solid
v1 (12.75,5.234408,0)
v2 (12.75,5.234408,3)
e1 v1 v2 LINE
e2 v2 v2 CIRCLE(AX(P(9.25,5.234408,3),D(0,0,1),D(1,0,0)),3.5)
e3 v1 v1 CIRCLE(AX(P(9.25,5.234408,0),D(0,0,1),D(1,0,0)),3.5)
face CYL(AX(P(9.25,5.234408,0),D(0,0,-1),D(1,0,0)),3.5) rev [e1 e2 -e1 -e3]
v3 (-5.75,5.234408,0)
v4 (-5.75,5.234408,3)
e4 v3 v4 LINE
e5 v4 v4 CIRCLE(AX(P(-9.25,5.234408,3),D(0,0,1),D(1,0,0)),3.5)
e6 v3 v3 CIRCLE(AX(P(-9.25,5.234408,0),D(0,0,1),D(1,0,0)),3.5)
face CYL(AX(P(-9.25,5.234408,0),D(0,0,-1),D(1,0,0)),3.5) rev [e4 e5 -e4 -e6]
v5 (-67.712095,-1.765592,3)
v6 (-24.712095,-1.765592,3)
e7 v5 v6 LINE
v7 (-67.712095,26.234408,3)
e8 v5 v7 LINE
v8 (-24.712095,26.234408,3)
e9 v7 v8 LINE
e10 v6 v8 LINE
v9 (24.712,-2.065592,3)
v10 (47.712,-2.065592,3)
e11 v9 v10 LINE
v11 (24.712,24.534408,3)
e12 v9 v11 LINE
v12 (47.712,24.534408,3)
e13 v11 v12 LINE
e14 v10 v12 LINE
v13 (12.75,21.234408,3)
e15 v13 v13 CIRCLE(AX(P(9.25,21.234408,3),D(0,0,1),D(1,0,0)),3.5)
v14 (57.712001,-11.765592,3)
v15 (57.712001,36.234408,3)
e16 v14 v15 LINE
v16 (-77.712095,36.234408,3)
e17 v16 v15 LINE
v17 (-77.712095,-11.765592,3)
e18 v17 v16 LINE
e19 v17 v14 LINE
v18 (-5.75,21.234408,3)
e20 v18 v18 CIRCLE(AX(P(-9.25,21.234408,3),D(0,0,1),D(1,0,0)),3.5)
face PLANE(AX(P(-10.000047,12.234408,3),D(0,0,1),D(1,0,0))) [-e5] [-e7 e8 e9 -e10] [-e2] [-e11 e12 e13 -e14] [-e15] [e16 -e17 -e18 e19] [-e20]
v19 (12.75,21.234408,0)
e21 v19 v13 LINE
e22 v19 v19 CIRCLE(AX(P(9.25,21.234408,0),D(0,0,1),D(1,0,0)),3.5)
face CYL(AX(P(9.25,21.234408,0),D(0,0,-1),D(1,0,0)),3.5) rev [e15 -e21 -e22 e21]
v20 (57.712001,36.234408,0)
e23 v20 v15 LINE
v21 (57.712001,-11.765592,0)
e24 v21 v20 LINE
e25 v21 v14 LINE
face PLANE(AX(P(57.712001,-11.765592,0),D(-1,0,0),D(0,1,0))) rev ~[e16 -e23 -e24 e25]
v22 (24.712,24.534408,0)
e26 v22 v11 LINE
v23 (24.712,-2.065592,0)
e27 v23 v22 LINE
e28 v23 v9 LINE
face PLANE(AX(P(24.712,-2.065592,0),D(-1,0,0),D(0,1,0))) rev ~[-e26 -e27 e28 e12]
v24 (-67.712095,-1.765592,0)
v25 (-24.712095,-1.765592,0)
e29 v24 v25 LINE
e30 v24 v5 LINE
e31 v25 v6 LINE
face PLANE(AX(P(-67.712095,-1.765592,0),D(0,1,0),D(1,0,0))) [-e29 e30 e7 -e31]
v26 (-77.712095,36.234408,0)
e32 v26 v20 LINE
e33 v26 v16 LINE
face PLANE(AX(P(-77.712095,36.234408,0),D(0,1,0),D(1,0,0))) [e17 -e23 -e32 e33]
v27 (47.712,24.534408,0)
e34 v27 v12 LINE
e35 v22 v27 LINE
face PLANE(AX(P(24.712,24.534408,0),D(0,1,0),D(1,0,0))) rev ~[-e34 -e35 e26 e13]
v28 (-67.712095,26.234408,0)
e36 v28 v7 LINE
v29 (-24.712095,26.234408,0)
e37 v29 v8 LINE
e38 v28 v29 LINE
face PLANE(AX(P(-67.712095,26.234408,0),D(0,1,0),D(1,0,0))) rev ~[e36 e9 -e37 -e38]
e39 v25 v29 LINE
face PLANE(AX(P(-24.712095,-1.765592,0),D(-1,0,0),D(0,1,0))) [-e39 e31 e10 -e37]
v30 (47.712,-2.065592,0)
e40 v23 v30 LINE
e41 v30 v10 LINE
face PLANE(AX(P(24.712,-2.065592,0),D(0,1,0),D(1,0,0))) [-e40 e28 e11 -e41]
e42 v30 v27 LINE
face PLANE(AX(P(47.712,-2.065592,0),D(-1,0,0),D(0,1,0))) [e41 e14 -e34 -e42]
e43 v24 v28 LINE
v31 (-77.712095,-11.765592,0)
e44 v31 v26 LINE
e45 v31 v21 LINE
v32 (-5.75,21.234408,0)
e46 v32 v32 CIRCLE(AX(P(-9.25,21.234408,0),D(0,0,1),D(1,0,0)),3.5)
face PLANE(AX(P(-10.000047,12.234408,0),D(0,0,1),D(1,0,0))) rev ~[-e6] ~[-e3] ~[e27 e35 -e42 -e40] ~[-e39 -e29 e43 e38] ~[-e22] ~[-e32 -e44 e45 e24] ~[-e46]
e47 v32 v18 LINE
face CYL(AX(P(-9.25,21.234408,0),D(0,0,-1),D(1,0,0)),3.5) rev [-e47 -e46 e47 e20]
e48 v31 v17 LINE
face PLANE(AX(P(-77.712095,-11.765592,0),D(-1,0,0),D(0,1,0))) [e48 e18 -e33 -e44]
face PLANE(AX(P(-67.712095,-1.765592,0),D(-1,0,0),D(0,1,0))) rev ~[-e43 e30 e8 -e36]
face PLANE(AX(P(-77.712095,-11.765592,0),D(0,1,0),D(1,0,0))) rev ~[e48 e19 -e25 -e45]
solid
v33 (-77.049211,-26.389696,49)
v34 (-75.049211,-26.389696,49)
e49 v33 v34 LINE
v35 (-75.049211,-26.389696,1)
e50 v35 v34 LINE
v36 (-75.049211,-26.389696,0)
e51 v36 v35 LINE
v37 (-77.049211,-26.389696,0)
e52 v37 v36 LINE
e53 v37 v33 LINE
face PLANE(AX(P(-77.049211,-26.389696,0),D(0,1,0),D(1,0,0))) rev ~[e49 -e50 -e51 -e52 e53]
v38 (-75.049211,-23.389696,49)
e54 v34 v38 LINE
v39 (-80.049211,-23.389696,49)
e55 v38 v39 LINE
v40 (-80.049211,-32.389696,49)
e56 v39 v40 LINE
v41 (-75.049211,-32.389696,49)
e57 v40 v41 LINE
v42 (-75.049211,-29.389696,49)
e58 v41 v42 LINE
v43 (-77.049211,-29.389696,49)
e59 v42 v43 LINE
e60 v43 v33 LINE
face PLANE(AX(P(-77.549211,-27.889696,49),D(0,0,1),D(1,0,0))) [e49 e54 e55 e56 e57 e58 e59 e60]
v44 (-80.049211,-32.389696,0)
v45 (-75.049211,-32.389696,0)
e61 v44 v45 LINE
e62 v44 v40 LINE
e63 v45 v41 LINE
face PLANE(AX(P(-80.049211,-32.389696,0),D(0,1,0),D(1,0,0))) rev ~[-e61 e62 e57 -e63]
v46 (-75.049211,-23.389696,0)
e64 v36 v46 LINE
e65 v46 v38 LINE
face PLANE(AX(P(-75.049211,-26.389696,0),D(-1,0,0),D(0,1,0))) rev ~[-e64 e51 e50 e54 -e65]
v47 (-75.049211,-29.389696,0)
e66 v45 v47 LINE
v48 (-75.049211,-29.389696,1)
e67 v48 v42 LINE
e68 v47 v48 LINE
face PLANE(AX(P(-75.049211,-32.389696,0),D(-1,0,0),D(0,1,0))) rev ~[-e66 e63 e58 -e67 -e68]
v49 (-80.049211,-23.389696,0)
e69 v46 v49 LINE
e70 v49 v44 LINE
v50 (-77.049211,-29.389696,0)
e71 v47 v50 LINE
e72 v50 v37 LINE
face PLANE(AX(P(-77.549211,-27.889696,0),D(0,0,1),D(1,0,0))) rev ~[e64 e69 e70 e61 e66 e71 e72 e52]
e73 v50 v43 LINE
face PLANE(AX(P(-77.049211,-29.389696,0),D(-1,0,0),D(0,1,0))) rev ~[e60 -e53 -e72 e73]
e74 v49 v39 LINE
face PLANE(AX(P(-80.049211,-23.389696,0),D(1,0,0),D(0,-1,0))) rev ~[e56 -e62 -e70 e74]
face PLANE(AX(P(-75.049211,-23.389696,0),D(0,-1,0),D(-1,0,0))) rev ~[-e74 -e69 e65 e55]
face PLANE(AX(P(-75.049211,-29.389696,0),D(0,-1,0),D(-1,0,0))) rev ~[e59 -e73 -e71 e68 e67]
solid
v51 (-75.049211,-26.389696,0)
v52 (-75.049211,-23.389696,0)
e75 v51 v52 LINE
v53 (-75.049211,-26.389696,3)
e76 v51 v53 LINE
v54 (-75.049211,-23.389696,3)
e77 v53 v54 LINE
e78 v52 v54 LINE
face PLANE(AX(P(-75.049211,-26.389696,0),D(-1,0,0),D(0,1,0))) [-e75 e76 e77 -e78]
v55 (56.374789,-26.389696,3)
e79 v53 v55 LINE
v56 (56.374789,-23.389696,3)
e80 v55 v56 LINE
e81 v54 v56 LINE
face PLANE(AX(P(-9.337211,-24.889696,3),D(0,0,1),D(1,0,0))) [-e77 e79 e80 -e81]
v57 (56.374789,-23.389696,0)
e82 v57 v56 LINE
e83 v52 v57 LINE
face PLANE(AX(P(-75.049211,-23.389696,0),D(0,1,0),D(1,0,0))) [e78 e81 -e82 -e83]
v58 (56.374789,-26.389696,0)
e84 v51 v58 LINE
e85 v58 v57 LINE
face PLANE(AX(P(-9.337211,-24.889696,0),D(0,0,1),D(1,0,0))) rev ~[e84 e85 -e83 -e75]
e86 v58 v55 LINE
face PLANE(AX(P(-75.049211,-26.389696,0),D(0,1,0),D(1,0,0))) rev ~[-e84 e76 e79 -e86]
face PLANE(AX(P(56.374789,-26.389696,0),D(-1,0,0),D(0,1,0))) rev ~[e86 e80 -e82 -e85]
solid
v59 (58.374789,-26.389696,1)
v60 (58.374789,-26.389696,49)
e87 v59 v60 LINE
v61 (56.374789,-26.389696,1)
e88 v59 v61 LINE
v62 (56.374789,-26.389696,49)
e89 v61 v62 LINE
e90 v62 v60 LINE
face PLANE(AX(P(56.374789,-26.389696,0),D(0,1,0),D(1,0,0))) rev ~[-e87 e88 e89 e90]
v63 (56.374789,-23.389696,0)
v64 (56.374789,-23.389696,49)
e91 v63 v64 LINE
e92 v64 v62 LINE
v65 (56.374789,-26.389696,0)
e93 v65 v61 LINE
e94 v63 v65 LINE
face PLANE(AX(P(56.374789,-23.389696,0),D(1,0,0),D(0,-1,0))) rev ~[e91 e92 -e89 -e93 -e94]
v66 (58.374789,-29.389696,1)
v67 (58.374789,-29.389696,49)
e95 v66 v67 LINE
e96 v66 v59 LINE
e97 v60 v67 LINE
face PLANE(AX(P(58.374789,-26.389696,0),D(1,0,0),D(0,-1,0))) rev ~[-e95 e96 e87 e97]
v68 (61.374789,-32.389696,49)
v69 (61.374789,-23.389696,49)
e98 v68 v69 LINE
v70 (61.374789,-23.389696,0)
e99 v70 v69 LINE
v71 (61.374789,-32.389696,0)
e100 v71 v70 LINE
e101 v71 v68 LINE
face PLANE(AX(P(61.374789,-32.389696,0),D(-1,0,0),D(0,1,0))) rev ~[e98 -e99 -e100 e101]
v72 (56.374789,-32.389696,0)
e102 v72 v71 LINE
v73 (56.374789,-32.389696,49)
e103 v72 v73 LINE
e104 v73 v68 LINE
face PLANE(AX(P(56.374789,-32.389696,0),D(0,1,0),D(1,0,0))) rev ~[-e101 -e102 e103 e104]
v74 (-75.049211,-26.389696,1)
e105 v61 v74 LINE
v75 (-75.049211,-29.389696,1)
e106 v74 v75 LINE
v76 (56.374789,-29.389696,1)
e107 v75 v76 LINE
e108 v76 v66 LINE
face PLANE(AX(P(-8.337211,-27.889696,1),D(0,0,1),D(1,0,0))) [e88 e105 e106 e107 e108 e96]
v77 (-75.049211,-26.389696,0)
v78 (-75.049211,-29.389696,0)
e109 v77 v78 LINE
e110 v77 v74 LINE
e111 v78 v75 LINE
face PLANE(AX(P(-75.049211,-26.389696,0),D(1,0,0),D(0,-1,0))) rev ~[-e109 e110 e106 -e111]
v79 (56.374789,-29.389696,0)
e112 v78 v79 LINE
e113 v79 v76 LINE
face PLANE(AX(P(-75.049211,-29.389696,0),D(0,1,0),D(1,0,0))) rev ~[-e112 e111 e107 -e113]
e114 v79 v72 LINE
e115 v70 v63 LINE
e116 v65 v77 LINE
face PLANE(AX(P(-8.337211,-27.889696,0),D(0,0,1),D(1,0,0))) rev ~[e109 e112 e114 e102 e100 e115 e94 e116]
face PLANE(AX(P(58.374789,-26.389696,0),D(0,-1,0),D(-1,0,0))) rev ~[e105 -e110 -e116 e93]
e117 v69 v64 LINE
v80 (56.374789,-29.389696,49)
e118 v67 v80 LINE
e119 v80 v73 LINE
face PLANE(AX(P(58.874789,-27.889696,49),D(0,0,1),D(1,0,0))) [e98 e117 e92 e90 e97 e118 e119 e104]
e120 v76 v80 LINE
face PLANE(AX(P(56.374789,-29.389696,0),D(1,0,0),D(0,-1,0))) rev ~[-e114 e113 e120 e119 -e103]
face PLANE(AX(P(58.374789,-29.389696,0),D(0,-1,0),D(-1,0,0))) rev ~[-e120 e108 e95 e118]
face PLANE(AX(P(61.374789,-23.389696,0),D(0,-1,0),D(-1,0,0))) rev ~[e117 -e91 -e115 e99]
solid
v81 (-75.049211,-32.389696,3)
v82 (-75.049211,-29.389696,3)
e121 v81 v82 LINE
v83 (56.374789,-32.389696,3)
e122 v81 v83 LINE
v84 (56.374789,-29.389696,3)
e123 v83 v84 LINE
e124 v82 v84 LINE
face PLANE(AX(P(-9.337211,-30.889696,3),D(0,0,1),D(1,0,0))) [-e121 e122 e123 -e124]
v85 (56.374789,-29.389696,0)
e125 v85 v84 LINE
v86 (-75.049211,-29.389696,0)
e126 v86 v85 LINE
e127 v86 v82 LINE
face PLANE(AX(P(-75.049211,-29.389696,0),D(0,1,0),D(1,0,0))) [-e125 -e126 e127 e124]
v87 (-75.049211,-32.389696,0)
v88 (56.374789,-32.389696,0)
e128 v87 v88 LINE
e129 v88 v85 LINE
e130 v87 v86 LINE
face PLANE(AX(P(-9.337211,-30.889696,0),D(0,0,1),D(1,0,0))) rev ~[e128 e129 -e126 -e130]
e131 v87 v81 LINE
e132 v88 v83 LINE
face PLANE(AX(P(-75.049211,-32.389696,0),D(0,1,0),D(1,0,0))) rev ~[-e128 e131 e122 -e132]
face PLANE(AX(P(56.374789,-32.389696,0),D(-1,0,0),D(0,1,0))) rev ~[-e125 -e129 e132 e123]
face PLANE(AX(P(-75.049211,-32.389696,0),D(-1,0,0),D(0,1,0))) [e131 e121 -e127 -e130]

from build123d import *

# Parameters (mm, degrees)
F0_W     = 135.424095
F0_H     = 48
F0_W_2   = 43
F0_H_2   = 28
F0_R     = 3.5
F0_W_3   = 23
F0_H_3   = 26.6
F1_DEPTH = 3
F2_DEPTH = 49
F3_DEPTH = 1
F0_W_4   = 131.424
F0_H_4   = 3
F4_DEPTH = 3


with BuildPart() as f1:
    # F0 (on Top) → F1 (new body)
    with BuildSketch(Plane.XY):
        with Locations((-10.000047, 12.234408)):
            Rectangle(F0_W, F0_H)
        with Locations((-46.212095, 12.234408)):
            Rectangle(F0_W_2, F0_H_2, mode=Mode.SUBTRACT)
        with Locations((-9.25, 5.234408)):
            Circle(F0_R, mode=Mode.SUBTRACT)
        with Locations((9.25, 5.234408)):
            Circle(F0_R, mode=Mode.SUBTRACT)
        with Locations((36.212, 11.234408)):
            Rectangle(F0_W_3, F0_H_3, mode=Mode.SUBTRACT)
        with Locations((-9.25, 21.234408)):
            Circle(F0_R, mode=Mode.SUBTRACT)
        with Locations((9.25, 21.234408)):
            Circle(F0_R, mode=Mode.SUBTRACT)
    extrude(amount=F1_DEPTH)


with BuildPart() as f2:
    # F0 (on Top) → F2 (new body)
    with BuildSketch(Plane.XY):
        Polygon((56.374789, -23.389696), (56.374789, -26.389696), (58.374789, -26.389696), (58.374789, -29.389696), (56.374789, -29.389696), (56.374789, -32.389696), (58.374789, -32.389696), (61.374789, -32.389696), (61.374789, -23.389696), (58.374789, -23.389696), align=None)
        Polygon((-77.049211, -29.389696), (-77.049211, -26.389696), (-75.049211, -26.389696), (-75.049211, -23.389696), (-77.049211, -23.389696), (-80.049211, -23.389696), (-80.049211, -32.389696), (-77.049211, -32.389696), (-75.049211, -32.389696), (-75.049211, -29.389696), align=None)
    extrude(amount=F2_DEPTH)

    # F0 (on Top) → F3 (join)
    with BuildSketch(Plane.XY):
        Polygon((56.374789, -26.389696), (-75.049211, -26.389696), (-75.049211, -29.389696), (56.374789, -29.389696), (58.374789, -29.389696), (58.374789, -26.389696), align=None)
    extrude(amount=F3_DEPTH)


with BuildPart() as f4:
    # F0 (on Top) → F4 (new body)
    with BuildSketch(Plane.XY):
        with Locations((-9.337211, -30.889696)):
            Rectangle(F0_W_4, F0_H_4)
        with Locations((-9.337211, -24.889696)):
            Rectangle(F0_W_4, F0_H_4)
    extrude(amount=F4_DEPTH)


solid = Compound([f1.part, f2.part, f4.part])
